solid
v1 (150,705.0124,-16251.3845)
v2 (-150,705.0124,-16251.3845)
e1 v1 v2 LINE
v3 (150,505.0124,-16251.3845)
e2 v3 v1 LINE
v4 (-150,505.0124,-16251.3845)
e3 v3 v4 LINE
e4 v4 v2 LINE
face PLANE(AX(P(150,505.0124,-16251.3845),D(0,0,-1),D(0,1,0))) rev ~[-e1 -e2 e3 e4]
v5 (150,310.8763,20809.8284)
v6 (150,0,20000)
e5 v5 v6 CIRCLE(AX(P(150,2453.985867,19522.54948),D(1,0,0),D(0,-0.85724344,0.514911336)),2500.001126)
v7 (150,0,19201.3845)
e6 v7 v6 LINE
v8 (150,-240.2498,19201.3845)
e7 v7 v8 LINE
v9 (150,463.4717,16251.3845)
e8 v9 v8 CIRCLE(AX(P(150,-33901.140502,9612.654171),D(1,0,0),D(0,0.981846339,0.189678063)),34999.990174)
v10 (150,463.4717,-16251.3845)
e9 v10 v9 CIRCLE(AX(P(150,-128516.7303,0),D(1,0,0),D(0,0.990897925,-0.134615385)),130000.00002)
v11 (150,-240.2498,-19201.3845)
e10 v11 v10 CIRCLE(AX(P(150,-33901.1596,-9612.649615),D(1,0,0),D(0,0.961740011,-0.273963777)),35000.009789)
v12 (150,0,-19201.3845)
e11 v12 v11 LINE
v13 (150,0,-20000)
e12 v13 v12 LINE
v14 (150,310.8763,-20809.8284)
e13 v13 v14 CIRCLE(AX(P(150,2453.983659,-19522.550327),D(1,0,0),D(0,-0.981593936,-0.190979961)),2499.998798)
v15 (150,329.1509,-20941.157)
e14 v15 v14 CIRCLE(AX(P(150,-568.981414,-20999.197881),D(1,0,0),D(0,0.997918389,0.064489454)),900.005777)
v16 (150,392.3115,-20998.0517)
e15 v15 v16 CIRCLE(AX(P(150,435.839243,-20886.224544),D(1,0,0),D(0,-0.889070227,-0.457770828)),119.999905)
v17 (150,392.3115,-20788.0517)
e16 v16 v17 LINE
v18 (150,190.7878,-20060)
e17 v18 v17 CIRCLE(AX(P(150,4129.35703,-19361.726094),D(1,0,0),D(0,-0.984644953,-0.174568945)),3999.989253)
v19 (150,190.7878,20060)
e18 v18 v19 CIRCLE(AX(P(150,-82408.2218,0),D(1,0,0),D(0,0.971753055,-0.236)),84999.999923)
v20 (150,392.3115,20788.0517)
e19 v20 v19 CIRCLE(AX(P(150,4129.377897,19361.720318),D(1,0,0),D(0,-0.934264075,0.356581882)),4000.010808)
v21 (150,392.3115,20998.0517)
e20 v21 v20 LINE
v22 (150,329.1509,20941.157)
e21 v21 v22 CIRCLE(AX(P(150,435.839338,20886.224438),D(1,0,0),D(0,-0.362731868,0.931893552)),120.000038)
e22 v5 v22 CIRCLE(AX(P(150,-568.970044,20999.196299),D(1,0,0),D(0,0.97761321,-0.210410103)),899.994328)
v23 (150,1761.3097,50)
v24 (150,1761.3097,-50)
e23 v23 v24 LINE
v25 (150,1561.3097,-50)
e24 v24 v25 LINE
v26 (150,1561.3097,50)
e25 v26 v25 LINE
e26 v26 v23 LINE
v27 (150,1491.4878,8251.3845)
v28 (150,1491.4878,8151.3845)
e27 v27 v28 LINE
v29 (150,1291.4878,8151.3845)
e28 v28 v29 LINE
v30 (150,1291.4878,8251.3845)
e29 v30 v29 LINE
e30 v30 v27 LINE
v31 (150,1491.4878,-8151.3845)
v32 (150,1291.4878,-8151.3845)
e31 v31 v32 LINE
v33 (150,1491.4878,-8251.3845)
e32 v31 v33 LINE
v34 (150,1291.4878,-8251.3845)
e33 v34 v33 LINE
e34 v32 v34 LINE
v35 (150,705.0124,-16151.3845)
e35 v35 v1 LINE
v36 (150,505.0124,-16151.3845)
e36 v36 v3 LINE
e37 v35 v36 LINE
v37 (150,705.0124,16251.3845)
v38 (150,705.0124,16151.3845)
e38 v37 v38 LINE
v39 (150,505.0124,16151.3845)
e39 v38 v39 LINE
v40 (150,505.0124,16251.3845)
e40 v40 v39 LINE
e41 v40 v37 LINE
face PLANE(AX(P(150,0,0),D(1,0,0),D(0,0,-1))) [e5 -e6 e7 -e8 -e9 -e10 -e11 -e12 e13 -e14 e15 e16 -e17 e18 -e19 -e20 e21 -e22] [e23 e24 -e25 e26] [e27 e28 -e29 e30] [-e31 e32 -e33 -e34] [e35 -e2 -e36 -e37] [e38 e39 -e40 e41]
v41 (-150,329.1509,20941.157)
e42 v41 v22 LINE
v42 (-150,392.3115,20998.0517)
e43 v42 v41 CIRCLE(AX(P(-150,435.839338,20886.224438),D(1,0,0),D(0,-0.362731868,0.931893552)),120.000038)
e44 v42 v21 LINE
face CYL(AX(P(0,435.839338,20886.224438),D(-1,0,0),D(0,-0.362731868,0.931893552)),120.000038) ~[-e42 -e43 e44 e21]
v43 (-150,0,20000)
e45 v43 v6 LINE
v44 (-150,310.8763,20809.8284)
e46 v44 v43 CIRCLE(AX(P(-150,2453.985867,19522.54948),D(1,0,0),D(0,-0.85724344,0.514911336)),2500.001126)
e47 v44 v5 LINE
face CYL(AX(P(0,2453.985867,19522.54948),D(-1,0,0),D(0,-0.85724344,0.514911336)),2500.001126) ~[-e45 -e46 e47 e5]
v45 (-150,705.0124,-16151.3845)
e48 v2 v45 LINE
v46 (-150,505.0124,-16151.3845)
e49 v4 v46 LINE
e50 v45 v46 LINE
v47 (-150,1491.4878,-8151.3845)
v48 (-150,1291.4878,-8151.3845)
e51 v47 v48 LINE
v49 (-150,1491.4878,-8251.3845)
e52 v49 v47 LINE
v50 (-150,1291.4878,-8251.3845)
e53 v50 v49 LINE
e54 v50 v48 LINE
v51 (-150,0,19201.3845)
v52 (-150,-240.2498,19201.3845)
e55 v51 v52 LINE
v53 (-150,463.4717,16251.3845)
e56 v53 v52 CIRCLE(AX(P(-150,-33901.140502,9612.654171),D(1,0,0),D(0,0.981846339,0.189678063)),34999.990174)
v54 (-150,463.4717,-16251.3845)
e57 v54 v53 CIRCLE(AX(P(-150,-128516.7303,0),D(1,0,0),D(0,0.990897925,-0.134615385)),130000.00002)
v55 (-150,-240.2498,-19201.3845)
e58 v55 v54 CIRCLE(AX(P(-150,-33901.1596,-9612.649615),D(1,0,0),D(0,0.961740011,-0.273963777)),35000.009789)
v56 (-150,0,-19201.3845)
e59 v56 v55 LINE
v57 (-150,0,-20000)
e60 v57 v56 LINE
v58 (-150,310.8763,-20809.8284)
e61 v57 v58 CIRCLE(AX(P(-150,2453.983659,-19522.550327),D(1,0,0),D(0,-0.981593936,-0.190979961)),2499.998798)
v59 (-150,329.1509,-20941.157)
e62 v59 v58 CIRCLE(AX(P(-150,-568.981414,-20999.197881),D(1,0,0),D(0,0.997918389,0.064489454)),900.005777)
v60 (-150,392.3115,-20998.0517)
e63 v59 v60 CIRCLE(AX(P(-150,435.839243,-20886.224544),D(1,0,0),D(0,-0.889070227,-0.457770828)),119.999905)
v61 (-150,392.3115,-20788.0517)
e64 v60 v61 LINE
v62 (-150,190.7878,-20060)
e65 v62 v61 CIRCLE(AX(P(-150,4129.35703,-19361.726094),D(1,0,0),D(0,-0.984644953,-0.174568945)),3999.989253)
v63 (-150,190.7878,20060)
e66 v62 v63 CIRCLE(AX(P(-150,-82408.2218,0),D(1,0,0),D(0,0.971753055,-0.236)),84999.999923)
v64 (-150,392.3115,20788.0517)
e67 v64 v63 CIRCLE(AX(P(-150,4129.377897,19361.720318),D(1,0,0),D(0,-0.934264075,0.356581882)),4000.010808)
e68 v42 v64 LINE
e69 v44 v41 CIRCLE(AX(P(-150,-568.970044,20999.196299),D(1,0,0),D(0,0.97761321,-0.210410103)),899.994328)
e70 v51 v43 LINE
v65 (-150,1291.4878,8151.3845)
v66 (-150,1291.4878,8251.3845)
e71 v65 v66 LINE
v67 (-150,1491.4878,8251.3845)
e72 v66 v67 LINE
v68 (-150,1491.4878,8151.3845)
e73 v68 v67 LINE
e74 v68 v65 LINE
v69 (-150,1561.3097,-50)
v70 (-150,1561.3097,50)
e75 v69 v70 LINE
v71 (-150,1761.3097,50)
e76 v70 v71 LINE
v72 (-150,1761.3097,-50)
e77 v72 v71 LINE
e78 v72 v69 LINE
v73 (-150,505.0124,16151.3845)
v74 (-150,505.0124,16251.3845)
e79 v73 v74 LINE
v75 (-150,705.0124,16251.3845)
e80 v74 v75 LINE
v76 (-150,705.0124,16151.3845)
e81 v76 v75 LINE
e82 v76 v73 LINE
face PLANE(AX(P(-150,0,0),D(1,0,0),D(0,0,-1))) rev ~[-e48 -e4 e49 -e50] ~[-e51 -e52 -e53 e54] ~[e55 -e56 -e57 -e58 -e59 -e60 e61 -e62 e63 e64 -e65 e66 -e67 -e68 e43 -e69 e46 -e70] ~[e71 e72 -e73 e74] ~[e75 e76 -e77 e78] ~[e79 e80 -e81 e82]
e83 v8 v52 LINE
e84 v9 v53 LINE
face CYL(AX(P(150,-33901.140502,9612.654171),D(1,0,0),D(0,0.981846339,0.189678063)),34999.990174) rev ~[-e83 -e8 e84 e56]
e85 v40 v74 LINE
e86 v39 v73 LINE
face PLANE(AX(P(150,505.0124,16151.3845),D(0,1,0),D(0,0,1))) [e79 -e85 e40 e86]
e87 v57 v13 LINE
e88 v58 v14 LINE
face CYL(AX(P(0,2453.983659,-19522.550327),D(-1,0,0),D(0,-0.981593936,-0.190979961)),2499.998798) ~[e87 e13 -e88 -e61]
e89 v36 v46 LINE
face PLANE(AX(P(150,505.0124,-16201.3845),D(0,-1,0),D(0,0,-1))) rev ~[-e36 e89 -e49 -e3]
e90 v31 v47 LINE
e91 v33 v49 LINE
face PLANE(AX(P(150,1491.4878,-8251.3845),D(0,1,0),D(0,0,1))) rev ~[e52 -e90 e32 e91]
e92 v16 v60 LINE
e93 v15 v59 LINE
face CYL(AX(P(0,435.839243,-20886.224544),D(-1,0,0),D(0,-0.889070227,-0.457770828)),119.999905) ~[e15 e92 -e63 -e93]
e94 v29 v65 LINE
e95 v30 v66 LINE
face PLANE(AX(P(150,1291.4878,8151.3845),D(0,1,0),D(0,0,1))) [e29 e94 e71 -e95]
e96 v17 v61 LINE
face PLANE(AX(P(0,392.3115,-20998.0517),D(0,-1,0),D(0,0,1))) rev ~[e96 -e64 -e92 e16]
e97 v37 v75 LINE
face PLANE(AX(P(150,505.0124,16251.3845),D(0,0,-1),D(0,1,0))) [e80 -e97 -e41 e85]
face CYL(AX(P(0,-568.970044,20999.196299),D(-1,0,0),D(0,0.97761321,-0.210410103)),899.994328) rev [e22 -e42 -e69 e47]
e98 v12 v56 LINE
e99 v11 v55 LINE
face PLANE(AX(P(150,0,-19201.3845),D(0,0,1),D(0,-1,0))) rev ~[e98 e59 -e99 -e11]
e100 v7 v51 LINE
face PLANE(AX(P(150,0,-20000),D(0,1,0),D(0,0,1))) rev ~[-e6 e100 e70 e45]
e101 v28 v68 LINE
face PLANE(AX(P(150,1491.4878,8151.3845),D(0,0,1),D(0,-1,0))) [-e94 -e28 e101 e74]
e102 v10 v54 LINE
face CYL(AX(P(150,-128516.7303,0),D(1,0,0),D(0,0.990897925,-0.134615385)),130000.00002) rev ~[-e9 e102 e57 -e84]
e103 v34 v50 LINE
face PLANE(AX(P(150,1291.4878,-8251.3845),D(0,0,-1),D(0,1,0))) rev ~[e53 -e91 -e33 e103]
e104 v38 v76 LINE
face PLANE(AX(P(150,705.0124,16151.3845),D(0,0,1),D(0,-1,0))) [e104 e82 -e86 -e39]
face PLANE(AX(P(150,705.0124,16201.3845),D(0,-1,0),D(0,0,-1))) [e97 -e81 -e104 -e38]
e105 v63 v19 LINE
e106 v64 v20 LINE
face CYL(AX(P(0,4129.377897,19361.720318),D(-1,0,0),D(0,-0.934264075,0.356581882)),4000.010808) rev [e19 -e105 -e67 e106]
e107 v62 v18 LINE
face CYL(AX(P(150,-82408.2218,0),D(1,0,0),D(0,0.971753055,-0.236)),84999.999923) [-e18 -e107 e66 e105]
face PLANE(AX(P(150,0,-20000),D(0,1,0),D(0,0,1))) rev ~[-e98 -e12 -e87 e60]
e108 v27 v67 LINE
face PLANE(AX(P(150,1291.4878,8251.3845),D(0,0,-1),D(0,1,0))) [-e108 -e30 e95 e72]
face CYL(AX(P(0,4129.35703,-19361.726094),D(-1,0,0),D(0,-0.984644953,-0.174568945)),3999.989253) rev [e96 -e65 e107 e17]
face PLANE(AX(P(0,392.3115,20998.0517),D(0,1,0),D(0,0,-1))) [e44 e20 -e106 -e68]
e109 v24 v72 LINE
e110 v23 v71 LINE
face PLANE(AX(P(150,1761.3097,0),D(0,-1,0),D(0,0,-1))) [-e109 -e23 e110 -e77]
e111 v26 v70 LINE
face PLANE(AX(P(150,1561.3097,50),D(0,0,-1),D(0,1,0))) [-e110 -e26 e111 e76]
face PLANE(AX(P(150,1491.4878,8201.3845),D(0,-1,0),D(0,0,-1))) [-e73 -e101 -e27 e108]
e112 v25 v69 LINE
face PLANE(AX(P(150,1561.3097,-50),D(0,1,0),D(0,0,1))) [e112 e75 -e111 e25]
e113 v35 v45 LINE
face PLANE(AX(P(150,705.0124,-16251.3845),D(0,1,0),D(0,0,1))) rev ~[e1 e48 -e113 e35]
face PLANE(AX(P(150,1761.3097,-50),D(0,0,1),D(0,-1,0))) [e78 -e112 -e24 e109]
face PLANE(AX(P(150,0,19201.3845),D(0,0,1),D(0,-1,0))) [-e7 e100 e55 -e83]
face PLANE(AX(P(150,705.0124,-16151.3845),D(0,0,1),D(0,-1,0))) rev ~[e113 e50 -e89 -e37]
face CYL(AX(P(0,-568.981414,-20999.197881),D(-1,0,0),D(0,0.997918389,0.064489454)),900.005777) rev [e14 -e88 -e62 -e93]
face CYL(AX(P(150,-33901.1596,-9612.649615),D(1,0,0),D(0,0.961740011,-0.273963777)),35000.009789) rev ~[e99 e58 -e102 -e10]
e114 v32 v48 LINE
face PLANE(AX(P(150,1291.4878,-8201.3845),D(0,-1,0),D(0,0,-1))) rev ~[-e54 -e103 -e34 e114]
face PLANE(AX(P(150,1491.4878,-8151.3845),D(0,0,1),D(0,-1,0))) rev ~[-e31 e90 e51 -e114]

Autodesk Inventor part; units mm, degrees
ref_plane "YZ Plane" through (0, 0, 0) normal (1, 0, 0) x (0, 1, 0)
ref_plane "XZ Plane" through (0, 0, 0) normal (0, 1, 0) x (-1, 0, 0)
ref_plane "XY Plane" through (0, 0, 0) normal (0, 0, 1) x (1, 0, 0)
sketch "Sketch1" plane through (0, 0, 0) normal (1, 0, 0) x (0, 1, 0)
  arc A0 (0, -20000) -> (0, 20000) centre (-198997.4874, 0) ccw
  arc A1 (310.8763, 20809.8284) -> (0, 20000) centre (2453.9848, 19522.55) ccw
  arc A2 (310.8763, 20809.8284) -> (329.1509, 20941.157) centre (-568.9757, 20999.1973) ccw
  arc A3 (392.3115, 20998.0517) -> (329.1509, 20941.157) centre (435.8393, 20886.2245) ccw
  line L0 (392.3115, 20998.0517) -> (392.3115, 20788.0517)
  line L1 (392.3115, 20998.0517) -> (602.3115, 20998.0517) construction
  arc A4 (392.3115, 20788.0517) -> (190.7878, 20060) centre (4129.3676, 19361.7237) ccw
  arc A5 (0, -20000) -> (310.8763, -20809.8284) centre (2453.9848, -19522.55) ccw
  arc A6 (329.1509, -20941.157) -> (310.8763, -20809.8284) centre (-568.9757, -20999.1973) ccw
  arc A7 (329.1509, -20941.157) -> (392.3115, -20998.0517) centre (435.8393, -20886.2245) ccw
  line L2 (392.3115, -20998.0517) -> (392.3115, -20788.0517)
  line L3 (392.3115, -20998.0517) -> (602.3115, -20998.0517) construction
  arc A8 (190.7878, -20060) -> (392.3115, -20788.0517) centre (4129.3676, -19361.7237) ccw
  arc A9 (190.7878, -20060) -> (190.7878, 20060) centre (-118120.6503, 0) ccw
  line L4 (190.7878, -20060) -> (0, -20000)
  line L5 (190.7878, 20060) -> (0, 20000)
  point P0 (0, 0)
  point P1 (190, -20060)
  dimension "d0" = 200000
  dimension "d1" = 20000
  dimension "d2" = 20000
  dimension "d3" = 0
  dimension "d4" = 0
  dimension "d5" = 2500
  dimension "d6" = 900
  dimension "d7" = 120
  dimension "d8" = 210
  dimension "d9" = 90
  dimension "d10" = 4000
  dimension "d11" = 200
  dimension "d12" = 60
  dimension "d13" = 120000
extrude "Extrusion1" add sketch "Sketch1" along normal blind 150 and the other way blind 150
sketch "Sketch2" plane through (-150, 392.3115, 20998.0517) normal (0, 1, 0) x (1, 0, 0)
  point P0 (150, 20998.0517)
sketch "Sketch4" plane through (-150, 392.3115, 20998.0517) normal (0, 1, 0) x (1, 0, 0)
  point P0 (150, 20998.0517)
sketch "Sketch5" plane through (-150, 392.3115, 20998.0517) normal (0, 1, 0) x (1, 0, 0)
  point P0 (150, 20998.0517)
sketch "Sketch7" plane through (150, 0, 0) normal (1, 0, 0) x (0, 0, -1)
  arc A0 (-20809.8284, 310.8763) -> (-20000, 0) centre (-19522.55, 2453.9848) ccw projected
  arc A1 (20000, 0) -> (20809.8284, 310.8763) centre (19522.55, 2453.9848) ccw projected
  arc A2 (20000, 0) -> (-20000, 0) centre (0, -198997.4874) ccw projected
  arc A3 (20000, 0) -> (-20000, 0) centre (0, -198997.4874) ccw
  line L0 (20000, 0) -> (-20000, 0)
  point P0 (0, 0)
extrude "Extrusion2" add sketch "Sketch7" against normal blind 300
sketch "Sketch8" plane through (150, 0, 0) normal (1, 0, 0) x (0, 0, -1)
  line L0 (0, 0) -> (0, 300)
  line L1 (0, 300) -> (17500, 300)
  line L2 (0, 300) -> (-17500, 300)
  line L3 (0, 300) -> (17500, 300) construction
  arc A0 (17500, 300) -> (-17500, 300) centre (0, -128516.7303) ccw
  dimension "d22" = 300
  dimension "d23" = 17500
  dimension "d24" = 90
  dimension "d25" = 17500
  dimension "d26" = 180
  dimension "d27" = 130000
extrude "Extrusion3" cut sketch "Sketch8" against normal blind 300
sketch "Sketch9" plane through (150, 0, 0) normal (1, 0, 0) x (0, 0, -1)
  line L0 (17500, 300) -> (-17500, 300) projected
  arc A0 (17500, 300) -> (-17500, 300) centre (0, -128516.7303) ccw projected
  line L1 (-17500, 300) -> (-19201.3845, 0)
  line L2 (-20000, 0) -> (20000, 0) projected
  line L3 (-17500, 300) -> (-15772.3689, 300) construction
  line L4 (17500, 300) -> (19201.3845, 0)
  line L5 (17500, 300) -> (19227.6311, 300) construction
  line L6 (19201.3845, 0) -> (-19201.3845, 0)
  point P0 (0, 0)
  dimension "d30" = 170
  dimension "d31" = 10
extrude "Extrusion4" cut sketch "Sketch9" against normal blind 1000 contours L4 L2 L1 L0
sketch "Sketch10" plane through (150, 0, 0) normal (1, 0, 0) x (0, 0, -1)
  point P0 (0, 0)
sketch "Sketch11" plane through (150, 0, 0) normal (1, 0, 0) x (0, 0, -1)
  line L0 (0, 3000) -> (0, -4000)
  line L1 (-19201.3845, 0) -> (-17500, 300) projected
  line L2 (-19201.3845, 0) -> (-19201.3845, -1114.404)
  line L3 (-19201.3845, 0) -> (-18086.9805, 0) construction
  line L4 (-19201.3845, -1114.404) -> (-19201.3845, 1064.8721)
  arc A0 (19937.196, 170.9801) -> (-19937.196, 170.9801) centre (0, -118120.6503) ccw projected
  line L5 (-19201.3845, -239.6685) -> (-16201.3845, -239.6685)
  line L6 (-16201.3845, -239.6685) -> (-16201.3845, -3239.6685)
  line L7 (-16201.3845, -3239.6685) -> (-16201.3845, 2760.3315)
  line L8 (-16201.3845, -239.6685) -> (-8201.3845, -239.6685)
  line L9 (-8201.3845, -239.6685) -> (-8201.3845, -3239.6685)
  line L10 (-8201.3845, -3239.6685) -> (-8201.3845, 2760.3315)
  arc A1 (17500, 300) -> (-17500, 300) centre (0, -128516.7303) ccw projected
  line L11 (-19201.3845, 292.6447) -> (-19201.3845, 0)
  line L12 (-16201.3845, 740.2631) -> (-16201.3845, 469.7618)
  line L13 (-8201.3845, 1558.6666) -> (-8201.3845, 1224.3091)
  line L14 (0, 1839.3497) -> (0, 1483.2697)
  line L15 (-16251.3845, 705.0124) -> (-16151.3845, 705.0124)
  line L16 (-16151.3845, 705.0124) -> (-16151.3845, 505.0124)
  line L17 (-16151.3845, 505.0124) -> (-16251.3845, 505.0124)
  line L18 (-16251.3845, 505.0124) -> (-16251.3845, 705.0124)
  line L19 (-16251.3845, 705.0124) -> (-16151.3845, 505.0124) construction
  line L20 (-16151.3845, 705.0124) -> (-16251.3845, 505.0124) construction
  line L21 (-8251.3845, 1491.4878) -> (-8151.3845, 1491.4878)
  line L22 (-8151.3845, 1491.4878) -> (-8151.3845, 1291.4878)
  line L23 (-8151.3845, 1291.4878) -> (-8251.3845, 1291.4878)
  line L24 (-8251.3845, 1291.4878) -> (-8251.3845, 1491.4878)
  line L25 (-8251.3845, 1491.4878) -> (-8151.3845, 1291.4878) construction
  line L26 (-8151.3845, 1491.4878) -> (-8251.3845, 1291.4878) construction
  line L27 (-50, 1761.3097) -> (50, 1761.3097)
  line L28 (50, 1761.3097) -> (50, 1561.3097)
  line L29 (50, 1561.3097) -> (-50, 1561.3097)
  line L30 (-50, 1561.3097) -> (-50, 1761.3097)
  line L31 (-50, 1761.3097) -> (50, 1561.3097) construction
  line L32 (50, 1761.3097) -> (-50, 1561.3097) construction
  line L33 (19201.3845, 0) -> (17500, 300)
  line L34 (19201.3845, 0) -> (19201.3845, -1114.404)
  line L35 (19201.3845, 0) -> (18086.9805, 0) construction
  line L36 (19201.3845, -1114.404) -> (19201.3845, 1064.8721)
  line L37 (19201.3845, -239.6685) -> (16201.3845, -239.6685)
  line L38 (16201.3845, -239.6685) -> (16201.3845, -3239.6685)
  line L39 (16201.3845, -3239.6685) -> (16201.3845, 2760.3315)
  line L40 (16201.3845, -239.6685) -> (8201.3845, -239.6685)
  line L41 (8201.3845, -239.6685) -> (8201.3845, -3239.6685)
  line L42 (8201.3845, -3239.6685) -> (8201.3845, 2760.3315)
  line L43 (19201.3845, 292.6447) -> (19201.3845, 0)
  line L44 (16201.3845, 740.2631) -> (16201.3845, 469.7618)
  line L45 (8201.3845, 1558.6666) -> (8201.3845, 1224.3091)
  line L46 (16251.3845, 705.0124) -> (16151.3845, 705.0124)
  line L47 (16151.3845, 705.0124) -> (16151.3845, 505.0124)
  line L48 (16151.3845, 505.0124) -> (16251.3845, 505.0124)
  line L49 (16251.3845, 505.0124) -> (16251.3845, 705.0124)
  line L50 (16251.3845, 705.0124) -> (16151.3845, 505.0124) construction
  line L51 (16151.3845, 705.0124) -> (16251.3845, 505.0124) construction
  line L52 (8251.3845, 1491.4878) -> (8151.3845, 1491.4878)
  line L53 (8151.3845, 1491.4878) -> (8151.3845, 1291.4878)
  line L54 (8151.3845, 1291.4878) -> (8251.3845, 1291.4878)
  line L55 (8251.3845, 1291.4878) -> (8251.3845, 1491.4878)
  line L56 (8251.3845, 1491.4878) -> (8151.3845, 1291.4878) construction
  line L57 (8151.3845, 1491.4878) -> (8251.3845, 1291.4878) construction
  point P0 (0, 0)
  point P1 (-16201.3845, 605.0124)
  point P2 (-8201.3845, 1391.4878)
  point P3 (0, 1661.3097)
  point P4 (16201.3845, 605.0124)
  point P5 (8201.3845, 1391.4878)
  dimension "d34" = 7000
  dimension "d35" = 90
  dimension "d36" = 3000
  dimension "d37" = 3000
  dimension "d38" = 6000
  dimension "d39" = 8000
  dimension "d40" = 3000
  dimension "d41" = 6000
  dimension "d42" = 100
  dimension "d43" = 200
  dimension "d44" = 100
  dimension "d45" = 200
  dimension "d46" = 100
  dimension "d47" = 200
extrude "Extrusion5" cut sketch "Sketch11" against normal blind 300 contours L27 L28 L29 L0 | L0 L29 L30 L27 | L52 L55 L54 L42 | L42 L54 L53 L52 | L21 L22 L23 L10 | L10 L23 L24 L21 | L46 L49 L48 L39 | L39 L48 L47 L46 | L15 L16 L17 L7 | L7 L17 L18 L15
sketch "Sketch12" plane through (150, 0, 0) normal (1, 0, 0) x (0, 0, -1)
  line L0 (-19201.3845, 0) -> (-17500, 300) projected
  line L1 (-19201.3845, 0) -> (-19201.3845, -240.2498)
  line L2 (0, 0) -> (0, 2792.8341)
  arc A0 (17500, 300) -> (-17500, 300) centre (0, -128516.7303) ccw projected
  line L3 (-16251.3845, 505.0124) -> (-16251.3845, 705.0124) projected
  line L4 (-16251.3845, 505.0124) -> (-16251.3845, 442.2919)
  line L5 (19201.3845, 0) -> (17500, 300) projected
  line L6 (19201.3845, 0) -> (19201.3845, -240.2498)
  arc A1 (-16251.3845, 463.4717) -> (-19201.3845, -240.2498) centre (-9612.6521, -33901.1501) ccw
  arc A2 (19201.3845, -240.2498) -> (16251.3845, 463.4717) centre (9612.6521, -33901.1501) ccw
  point P0 (19201.3845, -240.2498)
  point P1 (16251.3845, 463.4717)
  point P2 (-19201.3845, -240.2498)
  dimension "d53" = 35000
extrude "Extrusion7" add sketch "Sketch12" against normal blind 300
sketch "Sketch13" plane through (150, 0, 0) normal (1, 0, 0) x (0, 0, -1)
  arc A0 (20060, 190.7878) -> (-20060, 190.7878) centre (0, -118120.6503) ccw projected
  arc A1 (20060, 190.7878) -> (20788.0517, 392.3115) centre (19361.7237, 4129.3676) ccw projected
  arc A2 (20060, 190.7878) -> (-20060, 190.7878) centre (0, -82408.2218) ccw
  point P0 (0, 0)
  point P1 (20060, 190.7878)
  dimension "d56" = 85000
extrude "Extrusion8" add sketch "Sketch13" against normal blind 300
properties material "Wood (Birch)"
